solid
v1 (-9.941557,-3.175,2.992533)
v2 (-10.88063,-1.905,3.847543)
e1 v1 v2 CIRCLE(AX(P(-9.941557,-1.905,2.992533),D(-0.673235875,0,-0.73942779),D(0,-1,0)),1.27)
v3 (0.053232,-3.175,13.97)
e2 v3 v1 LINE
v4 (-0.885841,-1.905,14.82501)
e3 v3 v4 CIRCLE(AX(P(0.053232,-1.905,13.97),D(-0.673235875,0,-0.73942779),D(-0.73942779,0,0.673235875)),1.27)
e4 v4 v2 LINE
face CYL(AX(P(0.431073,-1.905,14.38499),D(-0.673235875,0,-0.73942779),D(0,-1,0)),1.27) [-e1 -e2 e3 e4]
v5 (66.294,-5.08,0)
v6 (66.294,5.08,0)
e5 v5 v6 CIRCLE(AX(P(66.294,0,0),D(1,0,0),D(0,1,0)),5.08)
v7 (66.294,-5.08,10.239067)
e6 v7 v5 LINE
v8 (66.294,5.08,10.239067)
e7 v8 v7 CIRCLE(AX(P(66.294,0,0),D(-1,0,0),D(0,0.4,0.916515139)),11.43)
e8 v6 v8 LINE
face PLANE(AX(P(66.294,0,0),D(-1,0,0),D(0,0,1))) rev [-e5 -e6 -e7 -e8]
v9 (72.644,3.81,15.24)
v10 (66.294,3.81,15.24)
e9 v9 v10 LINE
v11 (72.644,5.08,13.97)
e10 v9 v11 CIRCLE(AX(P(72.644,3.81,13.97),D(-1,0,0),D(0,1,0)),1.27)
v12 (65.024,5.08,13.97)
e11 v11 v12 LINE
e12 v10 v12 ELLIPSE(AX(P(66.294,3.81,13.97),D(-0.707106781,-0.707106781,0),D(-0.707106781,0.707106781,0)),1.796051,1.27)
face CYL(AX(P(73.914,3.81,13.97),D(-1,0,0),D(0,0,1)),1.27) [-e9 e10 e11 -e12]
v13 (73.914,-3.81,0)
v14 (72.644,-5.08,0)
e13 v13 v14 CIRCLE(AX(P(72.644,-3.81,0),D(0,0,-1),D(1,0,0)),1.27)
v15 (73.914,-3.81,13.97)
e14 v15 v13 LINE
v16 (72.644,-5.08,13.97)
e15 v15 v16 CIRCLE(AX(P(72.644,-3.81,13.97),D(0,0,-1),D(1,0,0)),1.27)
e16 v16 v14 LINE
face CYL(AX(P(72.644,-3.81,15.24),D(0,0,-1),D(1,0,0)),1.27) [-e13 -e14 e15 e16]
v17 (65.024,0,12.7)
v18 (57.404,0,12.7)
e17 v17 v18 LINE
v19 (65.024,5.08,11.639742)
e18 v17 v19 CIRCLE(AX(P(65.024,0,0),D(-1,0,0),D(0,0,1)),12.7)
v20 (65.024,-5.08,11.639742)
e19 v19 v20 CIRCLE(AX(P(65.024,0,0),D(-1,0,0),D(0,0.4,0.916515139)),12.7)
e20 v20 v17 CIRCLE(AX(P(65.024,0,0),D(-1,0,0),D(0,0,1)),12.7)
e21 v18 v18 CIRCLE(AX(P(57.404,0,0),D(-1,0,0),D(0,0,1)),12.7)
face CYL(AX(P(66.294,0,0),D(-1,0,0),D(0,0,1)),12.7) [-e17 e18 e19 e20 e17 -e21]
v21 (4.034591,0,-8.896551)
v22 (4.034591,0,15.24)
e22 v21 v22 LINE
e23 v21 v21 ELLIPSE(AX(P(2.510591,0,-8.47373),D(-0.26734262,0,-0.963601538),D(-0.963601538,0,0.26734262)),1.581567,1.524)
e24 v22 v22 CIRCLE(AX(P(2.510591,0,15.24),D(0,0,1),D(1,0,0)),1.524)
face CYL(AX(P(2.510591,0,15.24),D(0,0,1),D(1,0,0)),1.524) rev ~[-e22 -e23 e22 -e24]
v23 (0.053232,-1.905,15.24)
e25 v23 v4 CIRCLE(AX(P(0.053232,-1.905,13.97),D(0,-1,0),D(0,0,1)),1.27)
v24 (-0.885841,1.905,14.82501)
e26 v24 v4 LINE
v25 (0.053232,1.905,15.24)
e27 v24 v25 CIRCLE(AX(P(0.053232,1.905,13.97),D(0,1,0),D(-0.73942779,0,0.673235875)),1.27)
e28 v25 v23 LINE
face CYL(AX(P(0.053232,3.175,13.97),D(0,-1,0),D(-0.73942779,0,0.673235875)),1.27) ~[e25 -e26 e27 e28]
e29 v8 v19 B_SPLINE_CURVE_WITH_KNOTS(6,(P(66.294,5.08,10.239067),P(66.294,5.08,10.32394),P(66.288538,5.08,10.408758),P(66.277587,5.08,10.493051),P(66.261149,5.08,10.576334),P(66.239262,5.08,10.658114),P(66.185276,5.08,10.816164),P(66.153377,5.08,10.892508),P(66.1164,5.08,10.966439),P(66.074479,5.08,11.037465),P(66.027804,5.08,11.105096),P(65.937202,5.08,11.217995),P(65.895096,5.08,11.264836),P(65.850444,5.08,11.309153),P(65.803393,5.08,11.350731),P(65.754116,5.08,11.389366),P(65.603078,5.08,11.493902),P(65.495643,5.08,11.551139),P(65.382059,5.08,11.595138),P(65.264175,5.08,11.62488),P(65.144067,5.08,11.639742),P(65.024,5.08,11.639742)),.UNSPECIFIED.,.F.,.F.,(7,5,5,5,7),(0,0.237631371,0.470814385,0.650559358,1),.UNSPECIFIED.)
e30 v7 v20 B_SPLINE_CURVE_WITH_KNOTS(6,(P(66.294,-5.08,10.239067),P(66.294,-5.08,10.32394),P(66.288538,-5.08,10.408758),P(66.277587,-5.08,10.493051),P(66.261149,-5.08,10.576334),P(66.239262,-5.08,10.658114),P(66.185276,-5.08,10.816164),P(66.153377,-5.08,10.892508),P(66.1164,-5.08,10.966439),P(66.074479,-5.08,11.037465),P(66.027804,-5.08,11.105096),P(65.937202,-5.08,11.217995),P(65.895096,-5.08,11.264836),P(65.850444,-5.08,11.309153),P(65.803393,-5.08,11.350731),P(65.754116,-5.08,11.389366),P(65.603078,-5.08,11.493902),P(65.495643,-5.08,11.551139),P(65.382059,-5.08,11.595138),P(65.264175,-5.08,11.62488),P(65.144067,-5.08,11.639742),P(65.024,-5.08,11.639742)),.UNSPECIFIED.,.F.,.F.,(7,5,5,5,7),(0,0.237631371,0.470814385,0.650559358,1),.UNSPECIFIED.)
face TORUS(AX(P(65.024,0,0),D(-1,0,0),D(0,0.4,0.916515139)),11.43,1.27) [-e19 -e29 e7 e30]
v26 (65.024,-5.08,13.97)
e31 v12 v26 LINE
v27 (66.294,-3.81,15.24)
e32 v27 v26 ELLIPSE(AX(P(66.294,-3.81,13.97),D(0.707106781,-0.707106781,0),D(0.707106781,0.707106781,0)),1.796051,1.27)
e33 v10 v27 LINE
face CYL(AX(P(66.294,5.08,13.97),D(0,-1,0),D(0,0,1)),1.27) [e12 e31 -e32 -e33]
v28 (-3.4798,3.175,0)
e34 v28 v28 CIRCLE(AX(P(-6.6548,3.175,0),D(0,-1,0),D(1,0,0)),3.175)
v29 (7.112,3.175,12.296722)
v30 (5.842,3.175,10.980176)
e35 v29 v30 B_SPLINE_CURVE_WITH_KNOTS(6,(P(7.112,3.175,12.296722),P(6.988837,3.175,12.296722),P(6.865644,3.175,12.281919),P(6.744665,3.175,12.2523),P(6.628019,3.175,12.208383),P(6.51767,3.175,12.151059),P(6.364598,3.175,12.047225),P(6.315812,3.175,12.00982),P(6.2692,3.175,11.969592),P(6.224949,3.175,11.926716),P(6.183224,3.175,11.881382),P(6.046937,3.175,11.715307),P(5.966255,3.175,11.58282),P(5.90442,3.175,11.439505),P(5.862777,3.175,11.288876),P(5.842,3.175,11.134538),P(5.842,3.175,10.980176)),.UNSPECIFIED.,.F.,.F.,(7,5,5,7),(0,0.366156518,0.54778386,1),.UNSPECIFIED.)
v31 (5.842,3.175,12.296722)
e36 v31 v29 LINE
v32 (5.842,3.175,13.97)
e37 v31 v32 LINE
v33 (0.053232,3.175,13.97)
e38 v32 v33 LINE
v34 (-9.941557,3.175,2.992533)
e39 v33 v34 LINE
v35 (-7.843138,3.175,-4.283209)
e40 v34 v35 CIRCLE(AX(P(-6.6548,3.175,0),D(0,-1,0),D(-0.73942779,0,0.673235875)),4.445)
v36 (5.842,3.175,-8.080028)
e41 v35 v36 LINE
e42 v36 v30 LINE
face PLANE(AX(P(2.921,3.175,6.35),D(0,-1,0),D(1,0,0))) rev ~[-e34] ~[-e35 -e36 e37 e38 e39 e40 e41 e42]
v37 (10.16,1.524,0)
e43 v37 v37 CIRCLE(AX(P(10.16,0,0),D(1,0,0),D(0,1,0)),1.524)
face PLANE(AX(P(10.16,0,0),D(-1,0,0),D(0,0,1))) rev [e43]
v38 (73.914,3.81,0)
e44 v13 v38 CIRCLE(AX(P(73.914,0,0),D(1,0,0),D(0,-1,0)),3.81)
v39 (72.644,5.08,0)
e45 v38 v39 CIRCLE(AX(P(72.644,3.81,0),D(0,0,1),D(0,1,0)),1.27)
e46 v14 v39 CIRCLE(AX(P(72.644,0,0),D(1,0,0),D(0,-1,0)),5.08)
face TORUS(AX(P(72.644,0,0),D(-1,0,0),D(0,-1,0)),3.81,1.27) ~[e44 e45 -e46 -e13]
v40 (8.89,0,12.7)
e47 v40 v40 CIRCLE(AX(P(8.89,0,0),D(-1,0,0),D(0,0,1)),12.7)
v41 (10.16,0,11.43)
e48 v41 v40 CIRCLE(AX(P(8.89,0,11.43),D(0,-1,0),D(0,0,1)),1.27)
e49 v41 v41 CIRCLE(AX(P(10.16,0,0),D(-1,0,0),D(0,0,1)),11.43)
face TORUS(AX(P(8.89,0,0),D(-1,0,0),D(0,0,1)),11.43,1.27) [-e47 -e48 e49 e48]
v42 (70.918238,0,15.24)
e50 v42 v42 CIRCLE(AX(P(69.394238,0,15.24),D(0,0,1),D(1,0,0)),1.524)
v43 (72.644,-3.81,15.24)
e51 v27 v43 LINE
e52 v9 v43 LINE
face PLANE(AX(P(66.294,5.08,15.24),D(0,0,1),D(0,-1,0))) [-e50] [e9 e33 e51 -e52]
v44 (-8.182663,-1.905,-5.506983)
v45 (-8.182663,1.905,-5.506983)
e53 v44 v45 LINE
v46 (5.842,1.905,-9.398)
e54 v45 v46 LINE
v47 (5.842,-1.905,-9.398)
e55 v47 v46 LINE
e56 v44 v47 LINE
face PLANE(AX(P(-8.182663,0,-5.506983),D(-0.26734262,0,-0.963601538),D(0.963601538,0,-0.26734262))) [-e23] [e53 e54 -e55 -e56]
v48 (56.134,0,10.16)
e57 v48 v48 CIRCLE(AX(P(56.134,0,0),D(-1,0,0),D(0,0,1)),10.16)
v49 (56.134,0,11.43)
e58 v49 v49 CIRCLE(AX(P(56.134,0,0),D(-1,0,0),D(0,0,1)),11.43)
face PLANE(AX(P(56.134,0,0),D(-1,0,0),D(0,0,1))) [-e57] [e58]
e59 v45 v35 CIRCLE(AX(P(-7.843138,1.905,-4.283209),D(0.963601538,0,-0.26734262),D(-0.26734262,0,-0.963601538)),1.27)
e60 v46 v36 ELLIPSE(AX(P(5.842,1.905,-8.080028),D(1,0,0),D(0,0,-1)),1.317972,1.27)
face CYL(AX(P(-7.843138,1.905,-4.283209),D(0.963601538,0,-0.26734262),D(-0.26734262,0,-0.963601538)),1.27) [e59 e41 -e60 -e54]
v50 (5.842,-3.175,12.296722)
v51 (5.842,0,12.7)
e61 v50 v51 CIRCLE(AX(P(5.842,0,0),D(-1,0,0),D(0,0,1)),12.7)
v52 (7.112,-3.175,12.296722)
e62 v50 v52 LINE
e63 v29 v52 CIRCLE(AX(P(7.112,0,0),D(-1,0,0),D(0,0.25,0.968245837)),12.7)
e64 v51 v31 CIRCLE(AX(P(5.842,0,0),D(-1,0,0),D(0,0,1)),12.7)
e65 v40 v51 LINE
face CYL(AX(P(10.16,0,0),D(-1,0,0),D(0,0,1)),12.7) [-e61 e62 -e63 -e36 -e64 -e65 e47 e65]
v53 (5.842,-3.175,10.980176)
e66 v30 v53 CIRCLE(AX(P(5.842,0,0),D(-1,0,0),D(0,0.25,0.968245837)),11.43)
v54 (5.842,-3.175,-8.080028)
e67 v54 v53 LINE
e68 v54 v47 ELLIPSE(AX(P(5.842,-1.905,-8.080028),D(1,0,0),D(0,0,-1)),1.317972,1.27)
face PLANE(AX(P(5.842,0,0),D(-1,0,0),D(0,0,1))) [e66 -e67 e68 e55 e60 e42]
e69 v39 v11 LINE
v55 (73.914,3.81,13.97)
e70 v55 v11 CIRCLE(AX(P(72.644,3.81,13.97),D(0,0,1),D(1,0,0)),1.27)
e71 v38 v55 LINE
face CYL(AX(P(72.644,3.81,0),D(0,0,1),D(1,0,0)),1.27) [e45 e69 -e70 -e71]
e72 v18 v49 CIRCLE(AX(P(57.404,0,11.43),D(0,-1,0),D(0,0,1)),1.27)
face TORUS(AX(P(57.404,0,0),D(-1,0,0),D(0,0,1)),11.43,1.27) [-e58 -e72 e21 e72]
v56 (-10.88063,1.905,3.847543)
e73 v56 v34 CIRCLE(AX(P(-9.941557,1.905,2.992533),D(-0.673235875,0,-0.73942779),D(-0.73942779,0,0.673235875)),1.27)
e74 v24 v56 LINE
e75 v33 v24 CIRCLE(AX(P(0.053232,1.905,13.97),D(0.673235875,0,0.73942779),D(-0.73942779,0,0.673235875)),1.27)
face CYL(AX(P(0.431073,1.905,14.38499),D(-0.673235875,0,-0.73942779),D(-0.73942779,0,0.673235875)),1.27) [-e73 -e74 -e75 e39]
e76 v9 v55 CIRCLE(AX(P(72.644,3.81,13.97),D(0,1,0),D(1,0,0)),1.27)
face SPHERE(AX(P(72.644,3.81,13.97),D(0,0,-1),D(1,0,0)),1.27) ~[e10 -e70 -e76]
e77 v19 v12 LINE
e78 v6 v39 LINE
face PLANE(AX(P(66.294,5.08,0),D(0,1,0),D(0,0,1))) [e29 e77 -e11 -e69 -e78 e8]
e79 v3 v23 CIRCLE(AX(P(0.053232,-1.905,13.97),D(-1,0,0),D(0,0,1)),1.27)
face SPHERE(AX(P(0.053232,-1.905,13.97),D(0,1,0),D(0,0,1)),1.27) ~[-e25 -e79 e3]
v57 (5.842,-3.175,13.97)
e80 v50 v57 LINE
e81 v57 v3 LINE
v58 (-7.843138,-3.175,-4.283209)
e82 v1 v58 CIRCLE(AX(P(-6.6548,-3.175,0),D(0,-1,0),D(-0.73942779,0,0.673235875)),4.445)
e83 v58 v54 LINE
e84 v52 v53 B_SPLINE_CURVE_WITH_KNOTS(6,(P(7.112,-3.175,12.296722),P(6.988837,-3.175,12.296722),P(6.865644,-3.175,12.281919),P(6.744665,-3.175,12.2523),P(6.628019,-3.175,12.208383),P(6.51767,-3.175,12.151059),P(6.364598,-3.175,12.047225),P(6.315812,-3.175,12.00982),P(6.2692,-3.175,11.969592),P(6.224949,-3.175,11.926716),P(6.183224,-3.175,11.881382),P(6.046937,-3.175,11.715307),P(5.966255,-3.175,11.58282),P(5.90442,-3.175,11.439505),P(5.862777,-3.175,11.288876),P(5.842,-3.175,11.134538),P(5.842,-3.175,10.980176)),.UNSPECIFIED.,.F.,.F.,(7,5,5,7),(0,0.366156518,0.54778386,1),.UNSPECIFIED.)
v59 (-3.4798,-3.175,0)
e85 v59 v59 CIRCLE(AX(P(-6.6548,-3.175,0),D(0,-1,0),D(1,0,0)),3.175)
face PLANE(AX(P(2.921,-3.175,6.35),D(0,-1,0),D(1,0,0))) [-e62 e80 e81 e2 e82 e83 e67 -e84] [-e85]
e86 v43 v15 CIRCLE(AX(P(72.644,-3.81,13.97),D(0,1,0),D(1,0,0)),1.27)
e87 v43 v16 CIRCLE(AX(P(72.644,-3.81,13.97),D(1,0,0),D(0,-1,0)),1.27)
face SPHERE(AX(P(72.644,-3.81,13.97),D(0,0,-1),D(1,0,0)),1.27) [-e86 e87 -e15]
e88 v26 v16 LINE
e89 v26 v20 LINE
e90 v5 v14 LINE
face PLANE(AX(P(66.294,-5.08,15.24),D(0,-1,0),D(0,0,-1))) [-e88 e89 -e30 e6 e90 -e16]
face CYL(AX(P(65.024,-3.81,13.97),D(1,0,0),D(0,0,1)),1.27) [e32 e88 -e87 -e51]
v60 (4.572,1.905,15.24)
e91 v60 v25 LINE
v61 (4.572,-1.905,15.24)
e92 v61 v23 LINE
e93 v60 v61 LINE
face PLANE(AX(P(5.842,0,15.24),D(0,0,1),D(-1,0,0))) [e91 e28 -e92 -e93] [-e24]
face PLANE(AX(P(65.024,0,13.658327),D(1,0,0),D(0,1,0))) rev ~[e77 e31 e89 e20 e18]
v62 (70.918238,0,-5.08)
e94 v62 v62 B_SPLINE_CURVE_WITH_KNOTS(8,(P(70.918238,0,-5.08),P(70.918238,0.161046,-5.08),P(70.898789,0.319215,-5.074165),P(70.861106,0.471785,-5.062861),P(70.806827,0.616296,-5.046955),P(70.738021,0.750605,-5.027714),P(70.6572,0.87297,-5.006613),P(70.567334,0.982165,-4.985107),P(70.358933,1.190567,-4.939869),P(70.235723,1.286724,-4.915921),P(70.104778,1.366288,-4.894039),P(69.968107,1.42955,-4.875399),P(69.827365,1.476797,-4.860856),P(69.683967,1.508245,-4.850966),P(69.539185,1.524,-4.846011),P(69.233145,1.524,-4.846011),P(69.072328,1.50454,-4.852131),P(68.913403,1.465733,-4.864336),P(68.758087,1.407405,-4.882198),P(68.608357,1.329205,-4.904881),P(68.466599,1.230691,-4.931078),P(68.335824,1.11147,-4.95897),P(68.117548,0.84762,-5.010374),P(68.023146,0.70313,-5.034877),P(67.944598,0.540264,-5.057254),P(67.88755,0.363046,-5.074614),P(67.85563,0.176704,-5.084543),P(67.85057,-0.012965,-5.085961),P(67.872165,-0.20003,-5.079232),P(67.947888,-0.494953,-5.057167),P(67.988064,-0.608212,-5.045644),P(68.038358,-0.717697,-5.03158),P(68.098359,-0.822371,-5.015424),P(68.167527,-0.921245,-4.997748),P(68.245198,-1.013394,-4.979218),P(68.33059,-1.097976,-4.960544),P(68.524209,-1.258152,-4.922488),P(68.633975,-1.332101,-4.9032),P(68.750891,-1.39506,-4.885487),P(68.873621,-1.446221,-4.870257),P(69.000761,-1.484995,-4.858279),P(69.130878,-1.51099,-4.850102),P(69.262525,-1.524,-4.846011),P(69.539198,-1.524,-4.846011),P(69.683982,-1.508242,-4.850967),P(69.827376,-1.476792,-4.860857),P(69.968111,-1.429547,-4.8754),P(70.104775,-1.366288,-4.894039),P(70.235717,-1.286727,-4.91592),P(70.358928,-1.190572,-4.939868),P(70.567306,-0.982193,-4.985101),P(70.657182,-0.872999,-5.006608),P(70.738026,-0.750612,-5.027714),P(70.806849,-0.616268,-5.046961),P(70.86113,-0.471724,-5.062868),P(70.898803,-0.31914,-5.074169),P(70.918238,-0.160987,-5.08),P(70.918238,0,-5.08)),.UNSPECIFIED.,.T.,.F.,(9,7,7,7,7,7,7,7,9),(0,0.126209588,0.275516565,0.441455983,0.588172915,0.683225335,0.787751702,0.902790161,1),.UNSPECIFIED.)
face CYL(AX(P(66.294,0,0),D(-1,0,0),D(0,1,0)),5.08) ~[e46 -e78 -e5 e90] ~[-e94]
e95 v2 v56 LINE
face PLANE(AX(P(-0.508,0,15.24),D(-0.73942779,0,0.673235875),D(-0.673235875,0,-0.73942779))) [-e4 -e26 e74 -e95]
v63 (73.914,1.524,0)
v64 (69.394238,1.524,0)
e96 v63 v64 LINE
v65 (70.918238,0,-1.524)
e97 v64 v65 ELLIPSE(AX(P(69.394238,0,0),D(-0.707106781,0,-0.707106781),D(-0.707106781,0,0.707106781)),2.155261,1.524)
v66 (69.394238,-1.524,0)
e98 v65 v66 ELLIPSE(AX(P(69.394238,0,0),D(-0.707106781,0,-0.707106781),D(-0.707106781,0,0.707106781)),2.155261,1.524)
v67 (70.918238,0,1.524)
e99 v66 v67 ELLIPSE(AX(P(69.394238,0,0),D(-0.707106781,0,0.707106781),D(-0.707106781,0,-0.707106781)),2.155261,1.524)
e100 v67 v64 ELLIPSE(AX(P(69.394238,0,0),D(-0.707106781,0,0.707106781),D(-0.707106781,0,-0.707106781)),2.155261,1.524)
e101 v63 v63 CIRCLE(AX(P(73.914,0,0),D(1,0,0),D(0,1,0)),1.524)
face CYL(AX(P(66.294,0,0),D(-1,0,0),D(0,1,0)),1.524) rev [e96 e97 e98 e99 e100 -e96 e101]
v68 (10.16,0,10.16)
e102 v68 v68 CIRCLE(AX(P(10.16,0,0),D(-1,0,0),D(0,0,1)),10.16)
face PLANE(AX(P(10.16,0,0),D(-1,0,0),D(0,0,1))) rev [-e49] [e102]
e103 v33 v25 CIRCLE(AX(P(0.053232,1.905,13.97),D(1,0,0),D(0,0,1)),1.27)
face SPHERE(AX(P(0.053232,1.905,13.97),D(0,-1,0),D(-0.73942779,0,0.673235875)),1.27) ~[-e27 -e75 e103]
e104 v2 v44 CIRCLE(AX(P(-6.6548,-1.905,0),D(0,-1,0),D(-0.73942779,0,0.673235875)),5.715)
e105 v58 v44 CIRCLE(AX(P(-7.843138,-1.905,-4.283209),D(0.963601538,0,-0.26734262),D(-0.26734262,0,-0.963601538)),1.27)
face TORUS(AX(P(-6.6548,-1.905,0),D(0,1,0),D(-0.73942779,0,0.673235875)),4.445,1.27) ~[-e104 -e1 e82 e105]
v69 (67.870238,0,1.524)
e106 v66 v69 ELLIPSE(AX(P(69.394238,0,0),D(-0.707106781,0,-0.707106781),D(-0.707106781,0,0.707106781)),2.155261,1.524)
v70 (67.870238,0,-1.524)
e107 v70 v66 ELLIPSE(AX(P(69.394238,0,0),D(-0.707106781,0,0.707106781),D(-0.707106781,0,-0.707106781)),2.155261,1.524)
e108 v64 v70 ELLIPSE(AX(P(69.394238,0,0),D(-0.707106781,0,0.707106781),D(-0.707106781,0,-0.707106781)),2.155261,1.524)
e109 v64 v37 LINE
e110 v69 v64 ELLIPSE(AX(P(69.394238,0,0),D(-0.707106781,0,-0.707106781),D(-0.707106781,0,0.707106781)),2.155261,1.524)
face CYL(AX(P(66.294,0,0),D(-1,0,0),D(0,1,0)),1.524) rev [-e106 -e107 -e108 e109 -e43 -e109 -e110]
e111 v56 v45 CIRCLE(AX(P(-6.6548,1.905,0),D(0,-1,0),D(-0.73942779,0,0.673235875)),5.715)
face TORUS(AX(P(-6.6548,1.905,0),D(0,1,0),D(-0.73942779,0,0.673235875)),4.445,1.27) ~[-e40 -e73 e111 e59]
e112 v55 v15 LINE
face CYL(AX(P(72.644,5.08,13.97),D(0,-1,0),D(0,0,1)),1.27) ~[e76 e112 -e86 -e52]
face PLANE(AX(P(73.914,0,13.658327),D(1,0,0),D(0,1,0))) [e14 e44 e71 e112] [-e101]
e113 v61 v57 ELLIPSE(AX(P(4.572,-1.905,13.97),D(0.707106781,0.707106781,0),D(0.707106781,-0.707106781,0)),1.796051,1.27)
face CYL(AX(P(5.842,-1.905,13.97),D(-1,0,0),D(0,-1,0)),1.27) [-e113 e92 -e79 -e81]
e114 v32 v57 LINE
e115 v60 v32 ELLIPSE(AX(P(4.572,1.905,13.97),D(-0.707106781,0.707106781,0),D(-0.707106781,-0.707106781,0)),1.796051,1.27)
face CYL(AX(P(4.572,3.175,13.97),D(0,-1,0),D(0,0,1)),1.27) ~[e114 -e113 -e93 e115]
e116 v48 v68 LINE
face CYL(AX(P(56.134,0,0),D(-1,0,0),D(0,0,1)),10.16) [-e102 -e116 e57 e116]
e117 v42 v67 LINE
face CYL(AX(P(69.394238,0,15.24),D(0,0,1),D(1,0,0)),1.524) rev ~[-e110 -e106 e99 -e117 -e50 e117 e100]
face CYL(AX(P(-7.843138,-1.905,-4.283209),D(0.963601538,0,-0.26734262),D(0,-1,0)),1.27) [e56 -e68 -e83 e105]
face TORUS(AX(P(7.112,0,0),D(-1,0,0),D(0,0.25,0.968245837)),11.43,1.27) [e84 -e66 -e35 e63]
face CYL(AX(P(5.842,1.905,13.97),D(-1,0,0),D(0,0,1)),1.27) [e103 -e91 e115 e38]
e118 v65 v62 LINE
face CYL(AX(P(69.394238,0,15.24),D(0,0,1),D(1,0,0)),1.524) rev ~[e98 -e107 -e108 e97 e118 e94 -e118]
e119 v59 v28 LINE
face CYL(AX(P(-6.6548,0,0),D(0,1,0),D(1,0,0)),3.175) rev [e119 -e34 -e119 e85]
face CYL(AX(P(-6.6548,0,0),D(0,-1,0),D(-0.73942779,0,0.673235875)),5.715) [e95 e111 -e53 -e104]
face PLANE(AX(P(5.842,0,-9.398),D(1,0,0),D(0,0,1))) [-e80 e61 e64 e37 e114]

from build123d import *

# Parameters (mm, degrees)
F0_W          = 5.842
F0_H          = 12.7
F0_R          = 3.175
F2_DEPTH      = 3.175
F3_R          = 1.524
F4_DEPTH      = 7.62
F4_DEPTH_BACK = 1.27
F5_DEPTH      = 56.134
F6_R          = 1.524
F7_DEPTH      = 17.78
F8_DEPTH      = 1041.4
F9_R          = 1.27


with BuildPart() as f1:
    # F0 (on Front) → F1 (revolve)
    with BuildSketch(Plane.XZ):
        Polygon((5.842, 12.7), (5.842, 0), (66.294, 0), (66.294, 12.7), (56.134, 12.7), (56.134, 10.16), (10.16, 10.16), (10.16, 12.7), align=None)
    revolve(axis=Axis((33.147, 0, 0), (-1, 0, 0)))

    # F0 (on Front) → F2 (join, symmetric)
    with BuildSketch(Plane.XZ):
        with Locations((2.921, 6.35)):
            Rectangle(F0_W, F0_H)
        with BuildLine():
            Line((5.842, 0), (0, 0))
            Line((0, 0), (-0.9398, 0))
            ThreePointArc((-0.9398, 0), (-3.1957909266, -4.5493385486), (-8.1826630726, -5.5069827884))
            Line((-8.1826630726, -5.5069827884), (5.842, -9.398))
            Line((5.842, -9.398), (5.842, 0))
        make_face()
        with BuildLine():
            ThreePointArc((-8.1826630726, -5.5069827884), (-3.1957909266, -4.5493385486), (-0.9398, 0))
            ThreePointArc((-0.9398, 0), (-4.5919612295, 5.3297205562), (-10.8806298187, 3.8475430269))
            ThreePointArc((-10.8806298187, 3.8475430269), (-12.1459778134, -1.5837270034), (-8.1826630726, -5.5069827884))
        make_face()
        with Locations((-6.6548, 0)):
            Circle(F0_R, mode=Mode.SUBTRACT)
        with BuildLine():
            Line((-0.9398, 0), (0, 0))
            Line((0, 0), (0, 12.7))
            Line((0, 12.7), (5.842, 12.7))
            Line((5.842, 12.7), (5.842, 15.24))
            Line((5.842, 15.24), (-0.508, 15.24))
            Line((-0.508, 15.24), (-10.8806298187, 3.8475430269))
            ThreePointArc((-10.8806298187, 3.8475430269), (-4.5919612295, 5.3297205562), (-0.9398, 0))
        make_face()
    extrude(amount=F2_DEPTH, both=True)

    # F3 (on face) → F4 (join, two sides)
    with BuildSketch(Plane.YZ.offset(66.294)) as f4_sk:
        with BuildLine():
            ThreePointArc((-5.08, 11.6397422652), (0, 12.7), (5.08, 11.6397422652))
            Line((5.08, 11.6397422652), (5.08, 15.24))
            Line((5.08, 15.24), (-5.08, 15.24))
            Line((-5.08, 15.24), (-5.08, 11.6397422652))
        make_face()
        with BuildLine():
            ThreePointArc((-5.08, 0), (0, 5.08), (5.08, 0))
            Line((5.08, 0), (5.08, 11.6397422652))
            ThreePointArc((5.08, 11.6397422652), (0, 12.7), (-5.08, 11.6397422652))
            Line((-5.08, 11.6397422652), (-5.08, 0))
        make_face()
        with BuildLine():
            ThreePointArc((-5.08, 0), (0, -5.08), (5.08, 0))
            ThreePointArc((5.08, 0), (0, 5.08), (-5.08, 0))
        make_face()
        Circle(F3_R, mode=Mode.SUBTRACT)
    extrude(amount=F4_DEPTH)
    extrude(f4_sk.sketch, amount=-F4_DEPTH_BACK)

    # F5 (cut, through all): a face of the model
    f5_faces = [f1.faces().sort_by_distance(p)[0] for p in [
        (66.294, 0, 0),
    ]]
    extrude(f5_faces, amount=-F5_DEPTH, mode=Mode.SUBTRACT)

    # F6 (on face) → F7 (cut)
    with BuildSketch(Plane.XY.offset(15.24)):
        with Locations((2.5105909444, 0)):
            Circle(F6_R)
    extrude(amount=-F7_DEPTH, mode=Mode.SUBTRACT)

    # F6 (on face) → F8 (cut)
    with BuildSketch(Plane.XY.offset(15.24)):
        with Locations((69.3942382932, 0)):
            Circle(F6_R)
        with Locations((2.5105909444, 0)):
            Circle(F6_R)
    extrude(amount=-F8_DEPTH, mode=Mode.SUBTRACT)

    # F9
    f9_edges = [f1.edges().sort_by_distance(p)[0] for p in [
        (10.16, 0, -12.7),
        (56.134, 0, -12.7),
        (5.842, 0, 15.24),
        (2.667, 3.175, 15.24),
        (-0.508, 0, 15.24),
        (2.667, -3.175, 15.24),
        (5.842, 0, -12.7),
        (66.294, 0, -12.7),
        (-5.694315, -3.175, 9.543772),
        (73.914, -5.08, 7.62),
        (73.914, 0, -5.08),
        (73.914, 5.08, 7.62),
        (73.914, 0, 15.24),
        (69.469, -5.08, 15.24),
        (69.469, 5.08, 15.24),
        (65.024, 0, 15.24),
        (-5.694315, 3.175, 9.543772),
        (-12.145978, 3.175, -1.583727),
        (-12.145978, -3.175, -1.583727),
    ]]
    fillet(f9_edges, radius=F9_R)


solid = f1.part
